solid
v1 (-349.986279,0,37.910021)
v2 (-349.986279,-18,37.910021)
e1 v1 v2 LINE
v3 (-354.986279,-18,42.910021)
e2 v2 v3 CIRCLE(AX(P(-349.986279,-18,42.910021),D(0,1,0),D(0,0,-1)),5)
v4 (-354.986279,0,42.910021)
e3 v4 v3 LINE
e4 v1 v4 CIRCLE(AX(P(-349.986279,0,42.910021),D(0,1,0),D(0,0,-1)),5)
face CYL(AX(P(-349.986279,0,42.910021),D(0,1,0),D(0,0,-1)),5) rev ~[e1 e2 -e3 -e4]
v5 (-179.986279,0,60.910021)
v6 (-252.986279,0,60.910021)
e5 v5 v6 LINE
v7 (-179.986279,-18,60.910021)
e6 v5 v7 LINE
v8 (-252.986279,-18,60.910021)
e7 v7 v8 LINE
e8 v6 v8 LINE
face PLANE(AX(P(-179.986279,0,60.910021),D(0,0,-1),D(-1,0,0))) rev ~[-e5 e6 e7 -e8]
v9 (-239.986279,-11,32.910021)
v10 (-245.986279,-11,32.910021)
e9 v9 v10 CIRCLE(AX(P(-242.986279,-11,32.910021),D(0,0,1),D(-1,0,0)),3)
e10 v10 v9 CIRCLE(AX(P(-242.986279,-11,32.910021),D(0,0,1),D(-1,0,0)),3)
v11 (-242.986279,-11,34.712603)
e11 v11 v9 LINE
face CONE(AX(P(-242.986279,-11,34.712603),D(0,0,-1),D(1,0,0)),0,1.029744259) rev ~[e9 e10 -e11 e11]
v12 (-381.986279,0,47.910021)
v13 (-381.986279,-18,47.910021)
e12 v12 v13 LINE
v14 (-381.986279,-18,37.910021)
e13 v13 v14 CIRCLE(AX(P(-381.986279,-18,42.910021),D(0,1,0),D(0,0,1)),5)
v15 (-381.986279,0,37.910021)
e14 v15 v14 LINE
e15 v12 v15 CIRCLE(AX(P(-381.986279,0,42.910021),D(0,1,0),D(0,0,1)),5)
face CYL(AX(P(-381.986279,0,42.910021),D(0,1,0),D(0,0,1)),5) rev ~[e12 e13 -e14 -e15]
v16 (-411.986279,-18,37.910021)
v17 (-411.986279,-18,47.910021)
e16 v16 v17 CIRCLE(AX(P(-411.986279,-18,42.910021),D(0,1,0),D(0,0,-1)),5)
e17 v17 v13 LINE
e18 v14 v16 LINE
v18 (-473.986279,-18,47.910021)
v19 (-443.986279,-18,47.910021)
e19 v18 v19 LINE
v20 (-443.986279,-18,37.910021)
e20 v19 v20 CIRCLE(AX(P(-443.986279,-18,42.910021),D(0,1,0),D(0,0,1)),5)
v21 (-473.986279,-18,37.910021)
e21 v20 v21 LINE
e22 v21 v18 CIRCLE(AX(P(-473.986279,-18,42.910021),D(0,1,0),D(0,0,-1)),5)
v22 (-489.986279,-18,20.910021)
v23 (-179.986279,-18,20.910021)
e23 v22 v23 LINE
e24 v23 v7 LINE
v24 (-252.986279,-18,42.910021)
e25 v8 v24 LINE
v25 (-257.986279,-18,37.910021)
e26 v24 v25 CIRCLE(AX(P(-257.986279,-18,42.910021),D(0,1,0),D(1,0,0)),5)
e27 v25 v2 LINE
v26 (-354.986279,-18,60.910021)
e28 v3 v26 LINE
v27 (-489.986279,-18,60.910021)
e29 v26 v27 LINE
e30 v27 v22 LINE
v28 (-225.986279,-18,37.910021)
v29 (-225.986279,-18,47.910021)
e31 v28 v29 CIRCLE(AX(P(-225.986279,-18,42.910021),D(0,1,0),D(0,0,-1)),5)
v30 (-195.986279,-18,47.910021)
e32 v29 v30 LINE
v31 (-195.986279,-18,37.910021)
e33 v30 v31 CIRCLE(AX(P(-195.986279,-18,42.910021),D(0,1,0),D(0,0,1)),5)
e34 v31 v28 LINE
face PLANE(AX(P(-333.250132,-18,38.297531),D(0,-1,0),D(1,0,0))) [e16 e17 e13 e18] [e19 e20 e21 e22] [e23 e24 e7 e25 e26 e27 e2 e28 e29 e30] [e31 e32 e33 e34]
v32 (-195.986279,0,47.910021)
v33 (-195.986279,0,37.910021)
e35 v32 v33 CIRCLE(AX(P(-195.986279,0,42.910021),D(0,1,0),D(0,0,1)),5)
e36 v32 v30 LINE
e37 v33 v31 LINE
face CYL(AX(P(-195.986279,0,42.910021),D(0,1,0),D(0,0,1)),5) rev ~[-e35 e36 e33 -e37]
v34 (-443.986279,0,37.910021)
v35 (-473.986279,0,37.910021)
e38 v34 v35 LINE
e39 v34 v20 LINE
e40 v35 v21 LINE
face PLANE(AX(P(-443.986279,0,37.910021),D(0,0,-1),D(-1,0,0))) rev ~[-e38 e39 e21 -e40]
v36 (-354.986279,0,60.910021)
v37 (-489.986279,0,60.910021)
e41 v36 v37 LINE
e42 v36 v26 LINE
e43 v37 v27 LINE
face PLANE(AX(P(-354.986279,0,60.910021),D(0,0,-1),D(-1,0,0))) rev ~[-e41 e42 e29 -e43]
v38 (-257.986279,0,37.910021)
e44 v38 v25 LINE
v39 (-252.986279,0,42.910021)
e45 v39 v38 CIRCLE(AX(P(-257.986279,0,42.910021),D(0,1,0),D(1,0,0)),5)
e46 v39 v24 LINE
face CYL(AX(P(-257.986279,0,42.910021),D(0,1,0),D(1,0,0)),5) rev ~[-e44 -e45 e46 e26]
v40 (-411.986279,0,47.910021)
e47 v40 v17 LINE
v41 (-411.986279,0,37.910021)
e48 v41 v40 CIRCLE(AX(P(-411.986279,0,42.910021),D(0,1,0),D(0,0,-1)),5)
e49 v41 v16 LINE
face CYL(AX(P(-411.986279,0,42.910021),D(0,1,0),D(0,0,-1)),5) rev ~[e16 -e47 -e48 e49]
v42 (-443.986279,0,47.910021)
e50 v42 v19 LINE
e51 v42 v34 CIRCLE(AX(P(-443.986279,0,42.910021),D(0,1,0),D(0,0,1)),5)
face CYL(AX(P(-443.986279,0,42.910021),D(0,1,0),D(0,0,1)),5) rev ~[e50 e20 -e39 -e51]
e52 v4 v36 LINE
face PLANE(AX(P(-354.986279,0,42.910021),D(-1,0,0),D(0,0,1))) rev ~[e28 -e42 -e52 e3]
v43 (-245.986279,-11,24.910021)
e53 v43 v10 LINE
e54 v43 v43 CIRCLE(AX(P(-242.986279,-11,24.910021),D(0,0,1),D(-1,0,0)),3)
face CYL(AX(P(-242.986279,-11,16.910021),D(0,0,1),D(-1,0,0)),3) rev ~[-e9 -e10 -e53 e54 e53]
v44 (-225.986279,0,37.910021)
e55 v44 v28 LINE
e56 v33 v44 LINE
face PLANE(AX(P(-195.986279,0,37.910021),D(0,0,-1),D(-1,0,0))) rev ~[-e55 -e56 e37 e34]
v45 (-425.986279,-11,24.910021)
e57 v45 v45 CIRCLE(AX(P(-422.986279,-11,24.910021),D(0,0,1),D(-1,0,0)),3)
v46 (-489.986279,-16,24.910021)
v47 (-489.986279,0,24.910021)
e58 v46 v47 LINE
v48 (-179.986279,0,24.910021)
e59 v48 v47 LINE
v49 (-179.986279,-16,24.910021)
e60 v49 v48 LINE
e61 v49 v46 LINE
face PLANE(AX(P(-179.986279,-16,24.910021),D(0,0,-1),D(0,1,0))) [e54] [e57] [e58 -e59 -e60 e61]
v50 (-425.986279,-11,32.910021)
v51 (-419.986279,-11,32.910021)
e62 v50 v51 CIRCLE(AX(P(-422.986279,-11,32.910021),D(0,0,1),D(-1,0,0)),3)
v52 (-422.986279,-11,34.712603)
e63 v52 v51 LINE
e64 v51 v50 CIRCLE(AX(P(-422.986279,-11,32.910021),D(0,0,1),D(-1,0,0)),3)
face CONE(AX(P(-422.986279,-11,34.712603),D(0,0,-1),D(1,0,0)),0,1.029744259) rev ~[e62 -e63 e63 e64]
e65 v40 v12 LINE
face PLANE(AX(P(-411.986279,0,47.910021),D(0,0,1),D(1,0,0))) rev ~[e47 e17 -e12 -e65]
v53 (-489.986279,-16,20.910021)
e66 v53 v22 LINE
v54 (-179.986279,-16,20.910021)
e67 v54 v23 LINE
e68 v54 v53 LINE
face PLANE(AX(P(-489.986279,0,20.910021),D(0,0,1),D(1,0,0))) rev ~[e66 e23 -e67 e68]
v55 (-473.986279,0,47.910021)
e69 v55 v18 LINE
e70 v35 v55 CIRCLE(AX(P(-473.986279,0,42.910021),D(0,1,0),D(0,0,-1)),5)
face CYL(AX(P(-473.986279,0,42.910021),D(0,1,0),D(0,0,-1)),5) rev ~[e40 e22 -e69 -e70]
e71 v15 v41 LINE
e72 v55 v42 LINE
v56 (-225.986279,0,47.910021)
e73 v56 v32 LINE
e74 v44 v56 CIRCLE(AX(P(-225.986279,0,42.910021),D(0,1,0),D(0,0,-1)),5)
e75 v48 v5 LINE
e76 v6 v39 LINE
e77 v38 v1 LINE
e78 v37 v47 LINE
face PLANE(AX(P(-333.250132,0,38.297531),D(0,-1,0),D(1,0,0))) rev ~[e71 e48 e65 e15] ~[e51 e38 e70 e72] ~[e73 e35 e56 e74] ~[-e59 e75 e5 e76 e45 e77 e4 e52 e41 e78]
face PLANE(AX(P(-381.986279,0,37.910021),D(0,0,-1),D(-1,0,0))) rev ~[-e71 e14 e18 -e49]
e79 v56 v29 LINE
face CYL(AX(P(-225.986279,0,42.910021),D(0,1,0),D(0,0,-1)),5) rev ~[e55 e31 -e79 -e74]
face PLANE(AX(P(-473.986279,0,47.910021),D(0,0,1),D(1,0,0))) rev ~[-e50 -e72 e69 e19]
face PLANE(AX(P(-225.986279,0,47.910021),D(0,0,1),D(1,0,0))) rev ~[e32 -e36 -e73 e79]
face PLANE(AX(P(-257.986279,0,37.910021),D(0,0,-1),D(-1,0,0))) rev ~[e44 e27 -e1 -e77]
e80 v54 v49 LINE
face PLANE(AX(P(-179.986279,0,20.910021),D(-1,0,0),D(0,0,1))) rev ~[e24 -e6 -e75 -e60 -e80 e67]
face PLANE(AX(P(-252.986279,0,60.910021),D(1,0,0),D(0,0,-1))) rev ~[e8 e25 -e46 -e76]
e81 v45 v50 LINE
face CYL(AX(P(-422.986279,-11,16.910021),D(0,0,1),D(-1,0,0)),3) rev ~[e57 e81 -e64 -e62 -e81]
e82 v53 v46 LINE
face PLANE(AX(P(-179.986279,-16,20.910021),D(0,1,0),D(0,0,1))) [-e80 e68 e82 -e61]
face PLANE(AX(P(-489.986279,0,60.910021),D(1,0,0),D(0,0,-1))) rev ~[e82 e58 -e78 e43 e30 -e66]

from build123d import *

# Parameters (mm, degrees)
F1_DEPTH = 18
F2_W     = 16
F2_H     = 4
F3_DEPTH = 400
F5_D     = 6
F5_DEPTH = 8
F5_TIP   = 1.8025818571


with BuildPart() as f1:
    # F0 (on Front) → F1 (new body)
    with BuildSketch(Plane.XZ):
        with BuildLine():
            Line((-489.9862787309, 20.9100212359), (-179.9862787309, 20.9100212359))
            Line((-179.9862787309, 20.9100212359), (-179.9862787309, 60.9100212359))
            Line((-179.9862787309, 60.9100212359), (-252.9862787309, 60.9100212359))
            Line((-252.9862787309, 60.9100212359), (-252.9862787309, 42.9100212359))
            ThreePointArc((-252.9862787309, 42.9100212359), (-254.450744825, 39.37448733), (-257.9862787309, 37.9100212359))
            Line((-257.9862787309, 37.9100212359), (-349.9862787309, 37.9100212359))
            ThreePointArc((-349.9862787309, 37.9100212359), (-353.5218126368, 39.37448733), (-354.9862787309, 42.9100212359))
            Line((-354.9862787309, 42.9100212359), (-354.9862787309, 60.9100212359))
            Line((-354.9862787309, 60.9100212359), (-489.9862787309, 60.9100212359))
            Line((-489.9862787309, 60.9100212359), (-489.9862787309, 20.9100212359))
        make_face()
        with BuildLine():
            Line((-443.9862787309, 37.9100212359), (-473.9862787309, 37.9100212359))
            ThreePointArc((-473.9862787309, 37.9100212359), (-478.9862787309, 42.9100212359), (-473.9862787309, 47.9100212359))
            Line((-473.9862787309, 47.9100212359), (-443.9862787309, 47.9100212359))
            ThreePointArc((-443.9862787309, 47.9100212359), (-438.9862787309, 42.9100212359), (-443.9862787309, 37.9100212359))
        make_face(mode=Mode.SUBTRACT)
        with BuildLine():
            Line((-381.9862787309, 37.9100212359), (-411.9862787309, 37.9100212359))
            ThreePointArc((-411.9862787309, 37.9100212359), (-416.9862787309, 42.9100212359), (-411.9862787309, 47.9100212359))
            Line((-411.9862787309, 47.9100212359), (-381.9862787309, 47.9100212359))
            ThreePointArc((-381.9862787309, 47.9100212359), (-376.9862787309, 42.9100212359), (-381.9862787309, 37.9100212359))
        make_face(mode=Mode.SUBTRACT)
        with BuildLine():
            Line((-195.9862787309, 37.9100212359), (-225.9862787309, 37.9100212359))
            ThreePointArc((-225.9862787309, 37.9100212359), (-230.9862787309, 42.9100212359), (-225.9862787309, 47.9100212359))
            Line((-225.9862787309, 47.9100212359), (-195.9862787309, 47.9100212359))
            ThreePointArc((-195.9862787309, 47.9100212359), (-190.9862787309, 42.9100212359), (-195.9862787309, 37.9100212359))
        make_face(mode=Mode.SUBTRACT)
    extrude(amount=F1_DEPTH)

    # F2 (on face) → F3 (cut)
    with BuildSketch(Plane.YZ.offset(-179.9862787309)):
        with Locations((-8, 22.9100212359)):
            Rectangle(F2_W, F2_H)
    extrude(amount=-F3_DEPTH, mode=Mode.SUBTRACT)

    # F5
    with Locations(Plane(origin=(0, 0, 24.9100212359), x_dir=(1, 0, 0), z_dir=(0, 0, -1))):
        with Locations((-242.9862787309, 11), (-422.9862787309, 11)):
            Hole(F5_D / 2, depth=F5_DEPTH)
            with Locations((0, 0, -(F5_DEPTH + F5_TIP / 2))):  # 118° drill point
                Cone(0, F5_D / 2, F5_TIP, mode=Mode.SUBTRACT)


solid = f1.part
